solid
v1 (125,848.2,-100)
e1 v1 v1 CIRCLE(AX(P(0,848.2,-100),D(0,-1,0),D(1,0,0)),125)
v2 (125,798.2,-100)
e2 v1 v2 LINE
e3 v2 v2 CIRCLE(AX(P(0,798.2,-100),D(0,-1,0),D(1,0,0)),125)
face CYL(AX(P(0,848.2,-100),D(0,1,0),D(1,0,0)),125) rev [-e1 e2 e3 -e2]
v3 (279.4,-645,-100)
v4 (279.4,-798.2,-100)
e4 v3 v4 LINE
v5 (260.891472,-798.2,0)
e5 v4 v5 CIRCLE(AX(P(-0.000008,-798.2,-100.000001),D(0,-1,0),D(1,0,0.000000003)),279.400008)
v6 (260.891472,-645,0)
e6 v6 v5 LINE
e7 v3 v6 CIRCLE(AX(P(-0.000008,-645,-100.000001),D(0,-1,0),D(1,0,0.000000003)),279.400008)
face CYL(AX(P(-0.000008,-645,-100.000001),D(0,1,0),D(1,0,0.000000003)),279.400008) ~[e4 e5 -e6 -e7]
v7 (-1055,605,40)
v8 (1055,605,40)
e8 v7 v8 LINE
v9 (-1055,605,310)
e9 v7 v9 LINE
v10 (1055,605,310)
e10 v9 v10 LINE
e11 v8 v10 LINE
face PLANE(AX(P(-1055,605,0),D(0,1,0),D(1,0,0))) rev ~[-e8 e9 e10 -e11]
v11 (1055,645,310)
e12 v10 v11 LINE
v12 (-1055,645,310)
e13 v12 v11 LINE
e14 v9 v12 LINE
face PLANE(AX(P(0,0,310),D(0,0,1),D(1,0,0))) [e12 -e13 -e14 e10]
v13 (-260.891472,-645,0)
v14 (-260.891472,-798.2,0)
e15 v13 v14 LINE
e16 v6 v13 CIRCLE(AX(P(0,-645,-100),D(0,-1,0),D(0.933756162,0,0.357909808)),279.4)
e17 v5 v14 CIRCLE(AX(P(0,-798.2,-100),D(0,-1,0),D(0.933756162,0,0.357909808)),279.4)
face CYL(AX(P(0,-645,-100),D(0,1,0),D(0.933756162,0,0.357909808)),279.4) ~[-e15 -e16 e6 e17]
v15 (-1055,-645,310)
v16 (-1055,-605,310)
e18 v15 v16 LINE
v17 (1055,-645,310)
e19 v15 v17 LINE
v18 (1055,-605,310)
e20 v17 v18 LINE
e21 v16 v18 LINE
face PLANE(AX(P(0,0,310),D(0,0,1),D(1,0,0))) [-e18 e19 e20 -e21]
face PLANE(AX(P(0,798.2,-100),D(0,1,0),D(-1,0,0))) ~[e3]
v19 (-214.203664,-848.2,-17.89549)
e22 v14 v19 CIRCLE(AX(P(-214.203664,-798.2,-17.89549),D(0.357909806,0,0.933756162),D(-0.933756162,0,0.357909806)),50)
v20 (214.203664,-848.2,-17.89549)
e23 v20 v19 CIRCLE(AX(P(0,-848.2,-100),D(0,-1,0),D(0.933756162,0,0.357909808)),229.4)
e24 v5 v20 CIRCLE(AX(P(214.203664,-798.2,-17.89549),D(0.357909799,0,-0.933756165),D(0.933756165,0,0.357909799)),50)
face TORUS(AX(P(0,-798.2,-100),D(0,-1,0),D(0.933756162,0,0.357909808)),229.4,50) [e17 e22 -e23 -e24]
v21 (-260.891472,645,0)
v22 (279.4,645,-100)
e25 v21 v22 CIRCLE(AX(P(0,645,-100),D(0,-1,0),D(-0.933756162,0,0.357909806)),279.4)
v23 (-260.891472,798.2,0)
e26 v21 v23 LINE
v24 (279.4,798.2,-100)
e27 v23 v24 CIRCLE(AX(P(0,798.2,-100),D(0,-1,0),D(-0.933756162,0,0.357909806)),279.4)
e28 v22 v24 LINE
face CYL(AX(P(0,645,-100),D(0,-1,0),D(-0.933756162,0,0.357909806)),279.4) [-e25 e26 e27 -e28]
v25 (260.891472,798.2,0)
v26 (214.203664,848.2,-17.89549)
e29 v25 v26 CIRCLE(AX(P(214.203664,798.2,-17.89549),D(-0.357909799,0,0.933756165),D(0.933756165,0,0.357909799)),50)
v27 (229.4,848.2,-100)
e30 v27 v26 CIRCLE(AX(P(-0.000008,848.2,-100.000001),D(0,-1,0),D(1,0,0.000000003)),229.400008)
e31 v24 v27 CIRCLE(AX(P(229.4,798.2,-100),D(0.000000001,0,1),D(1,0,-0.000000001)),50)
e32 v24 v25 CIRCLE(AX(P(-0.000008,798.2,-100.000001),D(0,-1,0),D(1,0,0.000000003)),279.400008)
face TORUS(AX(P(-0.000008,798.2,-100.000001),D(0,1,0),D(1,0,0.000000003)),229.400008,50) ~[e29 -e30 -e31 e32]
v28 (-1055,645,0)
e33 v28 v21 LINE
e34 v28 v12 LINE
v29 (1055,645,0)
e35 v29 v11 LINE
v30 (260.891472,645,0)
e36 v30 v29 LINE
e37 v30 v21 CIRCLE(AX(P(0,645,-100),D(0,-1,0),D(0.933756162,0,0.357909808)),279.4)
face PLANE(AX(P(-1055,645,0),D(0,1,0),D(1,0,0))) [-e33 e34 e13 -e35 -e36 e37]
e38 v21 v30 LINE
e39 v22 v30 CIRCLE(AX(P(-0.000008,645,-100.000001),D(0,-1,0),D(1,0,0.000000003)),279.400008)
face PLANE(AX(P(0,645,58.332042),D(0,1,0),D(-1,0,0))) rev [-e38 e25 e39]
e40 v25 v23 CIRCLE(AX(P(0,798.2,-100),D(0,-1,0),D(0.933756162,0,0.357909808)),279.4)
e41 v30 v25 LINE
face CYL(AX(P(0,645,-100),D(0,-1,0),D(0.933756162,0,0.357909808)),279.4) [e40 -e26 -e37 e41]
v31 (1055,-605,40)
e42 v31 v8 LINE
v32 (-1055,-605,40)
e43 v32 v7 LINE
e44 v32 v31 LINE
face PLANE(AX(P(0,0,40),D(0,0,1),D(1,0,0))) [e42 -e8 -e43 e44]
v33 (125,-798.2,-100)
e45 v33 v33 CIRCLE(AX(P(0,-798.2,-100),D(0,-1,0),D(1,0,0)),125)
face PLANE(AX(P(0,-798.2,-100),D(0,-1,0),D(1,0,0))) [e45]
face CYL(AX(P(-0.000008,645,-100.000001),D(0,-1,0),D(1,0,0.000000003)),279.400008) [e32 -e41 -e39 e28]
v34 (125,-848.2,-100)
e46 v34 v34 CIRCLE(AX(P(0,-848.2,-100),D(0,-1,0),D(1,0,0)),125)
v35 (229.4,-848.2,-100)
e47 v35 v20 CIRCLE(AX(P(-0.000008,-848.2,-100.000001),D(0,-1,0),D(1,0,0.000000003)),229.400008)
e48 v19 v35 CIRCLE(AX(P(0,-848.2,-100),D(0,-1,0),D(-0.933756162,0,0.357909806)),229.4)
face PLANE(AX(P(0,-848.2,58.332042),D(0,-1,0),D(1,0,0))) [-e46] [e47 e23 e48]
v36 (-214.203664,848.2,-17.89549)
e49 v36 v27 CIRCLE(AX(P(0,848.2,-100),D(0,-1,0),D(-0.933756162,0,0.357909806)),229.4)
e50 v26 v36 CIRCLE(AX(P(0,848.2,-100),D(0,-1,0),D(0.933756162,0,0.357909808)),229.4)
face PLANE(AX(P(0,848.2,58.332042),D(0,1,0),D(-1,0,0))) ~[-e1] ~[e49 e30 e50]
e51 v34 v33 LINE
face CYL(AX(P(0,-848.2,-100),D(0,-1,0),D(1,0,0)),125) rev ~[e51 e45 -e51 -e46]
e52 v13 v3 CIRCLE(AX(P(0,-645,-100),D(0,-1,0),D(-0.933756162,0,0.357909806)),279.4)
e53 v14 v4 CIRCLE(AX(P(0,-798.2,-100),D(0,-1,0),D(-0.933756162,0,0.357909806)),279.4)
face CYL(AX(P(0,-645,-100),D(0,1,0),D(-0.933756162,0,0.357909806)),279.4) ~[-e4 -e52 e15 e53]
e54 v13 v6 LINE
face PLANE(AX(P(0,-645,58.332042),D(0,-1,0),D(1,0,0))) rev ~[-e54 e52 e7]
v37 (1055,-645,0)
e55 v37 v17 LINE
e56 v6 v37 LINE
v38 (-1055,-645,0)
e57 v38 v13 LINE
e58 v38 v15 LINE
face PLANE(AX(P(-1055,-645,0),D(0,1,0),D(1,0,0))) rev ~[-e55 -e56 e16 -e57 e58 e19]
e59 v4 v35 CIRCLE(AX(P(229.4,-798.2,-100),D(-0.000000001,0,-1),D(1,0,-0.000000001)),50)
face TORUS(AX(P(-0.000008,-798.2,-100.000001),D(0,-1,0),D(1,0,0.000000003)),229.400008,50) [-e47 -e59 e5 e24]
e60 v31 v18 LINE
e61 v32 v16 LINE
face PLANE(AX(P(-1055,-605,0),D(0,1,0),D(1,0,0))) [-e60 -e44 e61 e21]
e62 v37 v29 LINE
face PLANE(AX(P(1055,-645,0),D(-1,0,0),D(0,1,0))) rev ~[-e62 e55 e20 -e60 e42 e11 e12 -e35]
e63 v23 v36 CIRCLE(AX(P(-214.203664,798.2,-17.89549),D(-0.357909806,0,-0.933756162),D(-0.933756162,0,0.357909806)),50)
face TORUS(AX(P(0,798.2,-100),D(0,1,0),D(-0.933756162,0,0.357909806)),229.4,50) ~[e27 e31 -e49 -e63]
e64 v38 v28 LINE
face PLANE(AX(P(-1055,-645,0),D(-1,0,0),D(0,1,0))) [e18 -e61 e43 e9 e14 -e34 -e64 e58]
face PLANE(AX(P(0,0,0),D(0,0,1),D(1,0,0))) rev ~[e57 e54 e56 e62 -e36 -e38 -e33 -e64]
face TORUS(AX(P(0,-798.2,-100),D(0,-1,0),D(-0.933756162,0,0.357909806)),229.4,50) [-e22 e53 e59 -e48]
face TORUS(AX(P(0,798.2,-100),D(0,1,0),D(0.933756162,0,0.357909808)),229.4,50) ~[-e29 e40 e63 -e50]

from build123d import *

# Parameters (mm, degrees)
F0_W     = 2110
F0_H     = 1290
F1_DEPTH = 310
F2_T     = -40
F4_DEPTH = 203.2
F5_R     = 50
F6_R     = 125
F7_DEPTH = 50


with BuildPart() as f1:
    # F0 (on Top) → F1 (new body)
    with BuildSketch(Plane.XY):
        Rectangle(F0_W, F0_H)
    extrude(amount=F1_DEPTH)

    # F2
    f2_openings = [f1.faces().sort_by_distance(p)[0] for p in [
        (1055, 0, 155),
        (0, 0, 310),
        (-1055, 0, 155),
    ]]
    offset(amount=F2_T, openings=f2_openings)

    # F3 (on face) → F4 (join)
    with BuildSketch(Plane.XZ.offset(645)):
        with BuildLine():
            Line((-260.891472, 0), (260.891472, 0))
            ThreePointArc((260.891472, 0), (0, 179.4), (-260.891472, 0))
        make_face()
        with BuildLine():
            ThreePointArc((-260.891472, 0), (-50.849203, -374.733905), (279.4, -100))
            ThreePointArc((279.4, -100), (274.733905, -49.150797), (260.891472, 0))
            Line((260.891472, 0), (-260.891472, 0))
        make_face()
    extrude(amount=F4_DEPTH)

    # F5
    f5_edges = [f1.edges().sort_by_distance(p)[0] for p in [
        (-279.4, -848.2, -100),
    ]]
    fillet(f5_edges, radius=F5_R)

    # F6 (on face) → F7 (cut)
    with BuildSketch(Plane.XZ.offset(848.2)):
        with Locations((0, -100)):
            Circle(F6_R)
    extrude(amount=-F7_DEPTH, mode=Mode.SUBTRACT)

    # F8: F1 across plane


with BuildPart() as f1_1:
    add(f1.part)
    add(f1.part.mirror(Plane.XZ))


solid = f1_1.part
